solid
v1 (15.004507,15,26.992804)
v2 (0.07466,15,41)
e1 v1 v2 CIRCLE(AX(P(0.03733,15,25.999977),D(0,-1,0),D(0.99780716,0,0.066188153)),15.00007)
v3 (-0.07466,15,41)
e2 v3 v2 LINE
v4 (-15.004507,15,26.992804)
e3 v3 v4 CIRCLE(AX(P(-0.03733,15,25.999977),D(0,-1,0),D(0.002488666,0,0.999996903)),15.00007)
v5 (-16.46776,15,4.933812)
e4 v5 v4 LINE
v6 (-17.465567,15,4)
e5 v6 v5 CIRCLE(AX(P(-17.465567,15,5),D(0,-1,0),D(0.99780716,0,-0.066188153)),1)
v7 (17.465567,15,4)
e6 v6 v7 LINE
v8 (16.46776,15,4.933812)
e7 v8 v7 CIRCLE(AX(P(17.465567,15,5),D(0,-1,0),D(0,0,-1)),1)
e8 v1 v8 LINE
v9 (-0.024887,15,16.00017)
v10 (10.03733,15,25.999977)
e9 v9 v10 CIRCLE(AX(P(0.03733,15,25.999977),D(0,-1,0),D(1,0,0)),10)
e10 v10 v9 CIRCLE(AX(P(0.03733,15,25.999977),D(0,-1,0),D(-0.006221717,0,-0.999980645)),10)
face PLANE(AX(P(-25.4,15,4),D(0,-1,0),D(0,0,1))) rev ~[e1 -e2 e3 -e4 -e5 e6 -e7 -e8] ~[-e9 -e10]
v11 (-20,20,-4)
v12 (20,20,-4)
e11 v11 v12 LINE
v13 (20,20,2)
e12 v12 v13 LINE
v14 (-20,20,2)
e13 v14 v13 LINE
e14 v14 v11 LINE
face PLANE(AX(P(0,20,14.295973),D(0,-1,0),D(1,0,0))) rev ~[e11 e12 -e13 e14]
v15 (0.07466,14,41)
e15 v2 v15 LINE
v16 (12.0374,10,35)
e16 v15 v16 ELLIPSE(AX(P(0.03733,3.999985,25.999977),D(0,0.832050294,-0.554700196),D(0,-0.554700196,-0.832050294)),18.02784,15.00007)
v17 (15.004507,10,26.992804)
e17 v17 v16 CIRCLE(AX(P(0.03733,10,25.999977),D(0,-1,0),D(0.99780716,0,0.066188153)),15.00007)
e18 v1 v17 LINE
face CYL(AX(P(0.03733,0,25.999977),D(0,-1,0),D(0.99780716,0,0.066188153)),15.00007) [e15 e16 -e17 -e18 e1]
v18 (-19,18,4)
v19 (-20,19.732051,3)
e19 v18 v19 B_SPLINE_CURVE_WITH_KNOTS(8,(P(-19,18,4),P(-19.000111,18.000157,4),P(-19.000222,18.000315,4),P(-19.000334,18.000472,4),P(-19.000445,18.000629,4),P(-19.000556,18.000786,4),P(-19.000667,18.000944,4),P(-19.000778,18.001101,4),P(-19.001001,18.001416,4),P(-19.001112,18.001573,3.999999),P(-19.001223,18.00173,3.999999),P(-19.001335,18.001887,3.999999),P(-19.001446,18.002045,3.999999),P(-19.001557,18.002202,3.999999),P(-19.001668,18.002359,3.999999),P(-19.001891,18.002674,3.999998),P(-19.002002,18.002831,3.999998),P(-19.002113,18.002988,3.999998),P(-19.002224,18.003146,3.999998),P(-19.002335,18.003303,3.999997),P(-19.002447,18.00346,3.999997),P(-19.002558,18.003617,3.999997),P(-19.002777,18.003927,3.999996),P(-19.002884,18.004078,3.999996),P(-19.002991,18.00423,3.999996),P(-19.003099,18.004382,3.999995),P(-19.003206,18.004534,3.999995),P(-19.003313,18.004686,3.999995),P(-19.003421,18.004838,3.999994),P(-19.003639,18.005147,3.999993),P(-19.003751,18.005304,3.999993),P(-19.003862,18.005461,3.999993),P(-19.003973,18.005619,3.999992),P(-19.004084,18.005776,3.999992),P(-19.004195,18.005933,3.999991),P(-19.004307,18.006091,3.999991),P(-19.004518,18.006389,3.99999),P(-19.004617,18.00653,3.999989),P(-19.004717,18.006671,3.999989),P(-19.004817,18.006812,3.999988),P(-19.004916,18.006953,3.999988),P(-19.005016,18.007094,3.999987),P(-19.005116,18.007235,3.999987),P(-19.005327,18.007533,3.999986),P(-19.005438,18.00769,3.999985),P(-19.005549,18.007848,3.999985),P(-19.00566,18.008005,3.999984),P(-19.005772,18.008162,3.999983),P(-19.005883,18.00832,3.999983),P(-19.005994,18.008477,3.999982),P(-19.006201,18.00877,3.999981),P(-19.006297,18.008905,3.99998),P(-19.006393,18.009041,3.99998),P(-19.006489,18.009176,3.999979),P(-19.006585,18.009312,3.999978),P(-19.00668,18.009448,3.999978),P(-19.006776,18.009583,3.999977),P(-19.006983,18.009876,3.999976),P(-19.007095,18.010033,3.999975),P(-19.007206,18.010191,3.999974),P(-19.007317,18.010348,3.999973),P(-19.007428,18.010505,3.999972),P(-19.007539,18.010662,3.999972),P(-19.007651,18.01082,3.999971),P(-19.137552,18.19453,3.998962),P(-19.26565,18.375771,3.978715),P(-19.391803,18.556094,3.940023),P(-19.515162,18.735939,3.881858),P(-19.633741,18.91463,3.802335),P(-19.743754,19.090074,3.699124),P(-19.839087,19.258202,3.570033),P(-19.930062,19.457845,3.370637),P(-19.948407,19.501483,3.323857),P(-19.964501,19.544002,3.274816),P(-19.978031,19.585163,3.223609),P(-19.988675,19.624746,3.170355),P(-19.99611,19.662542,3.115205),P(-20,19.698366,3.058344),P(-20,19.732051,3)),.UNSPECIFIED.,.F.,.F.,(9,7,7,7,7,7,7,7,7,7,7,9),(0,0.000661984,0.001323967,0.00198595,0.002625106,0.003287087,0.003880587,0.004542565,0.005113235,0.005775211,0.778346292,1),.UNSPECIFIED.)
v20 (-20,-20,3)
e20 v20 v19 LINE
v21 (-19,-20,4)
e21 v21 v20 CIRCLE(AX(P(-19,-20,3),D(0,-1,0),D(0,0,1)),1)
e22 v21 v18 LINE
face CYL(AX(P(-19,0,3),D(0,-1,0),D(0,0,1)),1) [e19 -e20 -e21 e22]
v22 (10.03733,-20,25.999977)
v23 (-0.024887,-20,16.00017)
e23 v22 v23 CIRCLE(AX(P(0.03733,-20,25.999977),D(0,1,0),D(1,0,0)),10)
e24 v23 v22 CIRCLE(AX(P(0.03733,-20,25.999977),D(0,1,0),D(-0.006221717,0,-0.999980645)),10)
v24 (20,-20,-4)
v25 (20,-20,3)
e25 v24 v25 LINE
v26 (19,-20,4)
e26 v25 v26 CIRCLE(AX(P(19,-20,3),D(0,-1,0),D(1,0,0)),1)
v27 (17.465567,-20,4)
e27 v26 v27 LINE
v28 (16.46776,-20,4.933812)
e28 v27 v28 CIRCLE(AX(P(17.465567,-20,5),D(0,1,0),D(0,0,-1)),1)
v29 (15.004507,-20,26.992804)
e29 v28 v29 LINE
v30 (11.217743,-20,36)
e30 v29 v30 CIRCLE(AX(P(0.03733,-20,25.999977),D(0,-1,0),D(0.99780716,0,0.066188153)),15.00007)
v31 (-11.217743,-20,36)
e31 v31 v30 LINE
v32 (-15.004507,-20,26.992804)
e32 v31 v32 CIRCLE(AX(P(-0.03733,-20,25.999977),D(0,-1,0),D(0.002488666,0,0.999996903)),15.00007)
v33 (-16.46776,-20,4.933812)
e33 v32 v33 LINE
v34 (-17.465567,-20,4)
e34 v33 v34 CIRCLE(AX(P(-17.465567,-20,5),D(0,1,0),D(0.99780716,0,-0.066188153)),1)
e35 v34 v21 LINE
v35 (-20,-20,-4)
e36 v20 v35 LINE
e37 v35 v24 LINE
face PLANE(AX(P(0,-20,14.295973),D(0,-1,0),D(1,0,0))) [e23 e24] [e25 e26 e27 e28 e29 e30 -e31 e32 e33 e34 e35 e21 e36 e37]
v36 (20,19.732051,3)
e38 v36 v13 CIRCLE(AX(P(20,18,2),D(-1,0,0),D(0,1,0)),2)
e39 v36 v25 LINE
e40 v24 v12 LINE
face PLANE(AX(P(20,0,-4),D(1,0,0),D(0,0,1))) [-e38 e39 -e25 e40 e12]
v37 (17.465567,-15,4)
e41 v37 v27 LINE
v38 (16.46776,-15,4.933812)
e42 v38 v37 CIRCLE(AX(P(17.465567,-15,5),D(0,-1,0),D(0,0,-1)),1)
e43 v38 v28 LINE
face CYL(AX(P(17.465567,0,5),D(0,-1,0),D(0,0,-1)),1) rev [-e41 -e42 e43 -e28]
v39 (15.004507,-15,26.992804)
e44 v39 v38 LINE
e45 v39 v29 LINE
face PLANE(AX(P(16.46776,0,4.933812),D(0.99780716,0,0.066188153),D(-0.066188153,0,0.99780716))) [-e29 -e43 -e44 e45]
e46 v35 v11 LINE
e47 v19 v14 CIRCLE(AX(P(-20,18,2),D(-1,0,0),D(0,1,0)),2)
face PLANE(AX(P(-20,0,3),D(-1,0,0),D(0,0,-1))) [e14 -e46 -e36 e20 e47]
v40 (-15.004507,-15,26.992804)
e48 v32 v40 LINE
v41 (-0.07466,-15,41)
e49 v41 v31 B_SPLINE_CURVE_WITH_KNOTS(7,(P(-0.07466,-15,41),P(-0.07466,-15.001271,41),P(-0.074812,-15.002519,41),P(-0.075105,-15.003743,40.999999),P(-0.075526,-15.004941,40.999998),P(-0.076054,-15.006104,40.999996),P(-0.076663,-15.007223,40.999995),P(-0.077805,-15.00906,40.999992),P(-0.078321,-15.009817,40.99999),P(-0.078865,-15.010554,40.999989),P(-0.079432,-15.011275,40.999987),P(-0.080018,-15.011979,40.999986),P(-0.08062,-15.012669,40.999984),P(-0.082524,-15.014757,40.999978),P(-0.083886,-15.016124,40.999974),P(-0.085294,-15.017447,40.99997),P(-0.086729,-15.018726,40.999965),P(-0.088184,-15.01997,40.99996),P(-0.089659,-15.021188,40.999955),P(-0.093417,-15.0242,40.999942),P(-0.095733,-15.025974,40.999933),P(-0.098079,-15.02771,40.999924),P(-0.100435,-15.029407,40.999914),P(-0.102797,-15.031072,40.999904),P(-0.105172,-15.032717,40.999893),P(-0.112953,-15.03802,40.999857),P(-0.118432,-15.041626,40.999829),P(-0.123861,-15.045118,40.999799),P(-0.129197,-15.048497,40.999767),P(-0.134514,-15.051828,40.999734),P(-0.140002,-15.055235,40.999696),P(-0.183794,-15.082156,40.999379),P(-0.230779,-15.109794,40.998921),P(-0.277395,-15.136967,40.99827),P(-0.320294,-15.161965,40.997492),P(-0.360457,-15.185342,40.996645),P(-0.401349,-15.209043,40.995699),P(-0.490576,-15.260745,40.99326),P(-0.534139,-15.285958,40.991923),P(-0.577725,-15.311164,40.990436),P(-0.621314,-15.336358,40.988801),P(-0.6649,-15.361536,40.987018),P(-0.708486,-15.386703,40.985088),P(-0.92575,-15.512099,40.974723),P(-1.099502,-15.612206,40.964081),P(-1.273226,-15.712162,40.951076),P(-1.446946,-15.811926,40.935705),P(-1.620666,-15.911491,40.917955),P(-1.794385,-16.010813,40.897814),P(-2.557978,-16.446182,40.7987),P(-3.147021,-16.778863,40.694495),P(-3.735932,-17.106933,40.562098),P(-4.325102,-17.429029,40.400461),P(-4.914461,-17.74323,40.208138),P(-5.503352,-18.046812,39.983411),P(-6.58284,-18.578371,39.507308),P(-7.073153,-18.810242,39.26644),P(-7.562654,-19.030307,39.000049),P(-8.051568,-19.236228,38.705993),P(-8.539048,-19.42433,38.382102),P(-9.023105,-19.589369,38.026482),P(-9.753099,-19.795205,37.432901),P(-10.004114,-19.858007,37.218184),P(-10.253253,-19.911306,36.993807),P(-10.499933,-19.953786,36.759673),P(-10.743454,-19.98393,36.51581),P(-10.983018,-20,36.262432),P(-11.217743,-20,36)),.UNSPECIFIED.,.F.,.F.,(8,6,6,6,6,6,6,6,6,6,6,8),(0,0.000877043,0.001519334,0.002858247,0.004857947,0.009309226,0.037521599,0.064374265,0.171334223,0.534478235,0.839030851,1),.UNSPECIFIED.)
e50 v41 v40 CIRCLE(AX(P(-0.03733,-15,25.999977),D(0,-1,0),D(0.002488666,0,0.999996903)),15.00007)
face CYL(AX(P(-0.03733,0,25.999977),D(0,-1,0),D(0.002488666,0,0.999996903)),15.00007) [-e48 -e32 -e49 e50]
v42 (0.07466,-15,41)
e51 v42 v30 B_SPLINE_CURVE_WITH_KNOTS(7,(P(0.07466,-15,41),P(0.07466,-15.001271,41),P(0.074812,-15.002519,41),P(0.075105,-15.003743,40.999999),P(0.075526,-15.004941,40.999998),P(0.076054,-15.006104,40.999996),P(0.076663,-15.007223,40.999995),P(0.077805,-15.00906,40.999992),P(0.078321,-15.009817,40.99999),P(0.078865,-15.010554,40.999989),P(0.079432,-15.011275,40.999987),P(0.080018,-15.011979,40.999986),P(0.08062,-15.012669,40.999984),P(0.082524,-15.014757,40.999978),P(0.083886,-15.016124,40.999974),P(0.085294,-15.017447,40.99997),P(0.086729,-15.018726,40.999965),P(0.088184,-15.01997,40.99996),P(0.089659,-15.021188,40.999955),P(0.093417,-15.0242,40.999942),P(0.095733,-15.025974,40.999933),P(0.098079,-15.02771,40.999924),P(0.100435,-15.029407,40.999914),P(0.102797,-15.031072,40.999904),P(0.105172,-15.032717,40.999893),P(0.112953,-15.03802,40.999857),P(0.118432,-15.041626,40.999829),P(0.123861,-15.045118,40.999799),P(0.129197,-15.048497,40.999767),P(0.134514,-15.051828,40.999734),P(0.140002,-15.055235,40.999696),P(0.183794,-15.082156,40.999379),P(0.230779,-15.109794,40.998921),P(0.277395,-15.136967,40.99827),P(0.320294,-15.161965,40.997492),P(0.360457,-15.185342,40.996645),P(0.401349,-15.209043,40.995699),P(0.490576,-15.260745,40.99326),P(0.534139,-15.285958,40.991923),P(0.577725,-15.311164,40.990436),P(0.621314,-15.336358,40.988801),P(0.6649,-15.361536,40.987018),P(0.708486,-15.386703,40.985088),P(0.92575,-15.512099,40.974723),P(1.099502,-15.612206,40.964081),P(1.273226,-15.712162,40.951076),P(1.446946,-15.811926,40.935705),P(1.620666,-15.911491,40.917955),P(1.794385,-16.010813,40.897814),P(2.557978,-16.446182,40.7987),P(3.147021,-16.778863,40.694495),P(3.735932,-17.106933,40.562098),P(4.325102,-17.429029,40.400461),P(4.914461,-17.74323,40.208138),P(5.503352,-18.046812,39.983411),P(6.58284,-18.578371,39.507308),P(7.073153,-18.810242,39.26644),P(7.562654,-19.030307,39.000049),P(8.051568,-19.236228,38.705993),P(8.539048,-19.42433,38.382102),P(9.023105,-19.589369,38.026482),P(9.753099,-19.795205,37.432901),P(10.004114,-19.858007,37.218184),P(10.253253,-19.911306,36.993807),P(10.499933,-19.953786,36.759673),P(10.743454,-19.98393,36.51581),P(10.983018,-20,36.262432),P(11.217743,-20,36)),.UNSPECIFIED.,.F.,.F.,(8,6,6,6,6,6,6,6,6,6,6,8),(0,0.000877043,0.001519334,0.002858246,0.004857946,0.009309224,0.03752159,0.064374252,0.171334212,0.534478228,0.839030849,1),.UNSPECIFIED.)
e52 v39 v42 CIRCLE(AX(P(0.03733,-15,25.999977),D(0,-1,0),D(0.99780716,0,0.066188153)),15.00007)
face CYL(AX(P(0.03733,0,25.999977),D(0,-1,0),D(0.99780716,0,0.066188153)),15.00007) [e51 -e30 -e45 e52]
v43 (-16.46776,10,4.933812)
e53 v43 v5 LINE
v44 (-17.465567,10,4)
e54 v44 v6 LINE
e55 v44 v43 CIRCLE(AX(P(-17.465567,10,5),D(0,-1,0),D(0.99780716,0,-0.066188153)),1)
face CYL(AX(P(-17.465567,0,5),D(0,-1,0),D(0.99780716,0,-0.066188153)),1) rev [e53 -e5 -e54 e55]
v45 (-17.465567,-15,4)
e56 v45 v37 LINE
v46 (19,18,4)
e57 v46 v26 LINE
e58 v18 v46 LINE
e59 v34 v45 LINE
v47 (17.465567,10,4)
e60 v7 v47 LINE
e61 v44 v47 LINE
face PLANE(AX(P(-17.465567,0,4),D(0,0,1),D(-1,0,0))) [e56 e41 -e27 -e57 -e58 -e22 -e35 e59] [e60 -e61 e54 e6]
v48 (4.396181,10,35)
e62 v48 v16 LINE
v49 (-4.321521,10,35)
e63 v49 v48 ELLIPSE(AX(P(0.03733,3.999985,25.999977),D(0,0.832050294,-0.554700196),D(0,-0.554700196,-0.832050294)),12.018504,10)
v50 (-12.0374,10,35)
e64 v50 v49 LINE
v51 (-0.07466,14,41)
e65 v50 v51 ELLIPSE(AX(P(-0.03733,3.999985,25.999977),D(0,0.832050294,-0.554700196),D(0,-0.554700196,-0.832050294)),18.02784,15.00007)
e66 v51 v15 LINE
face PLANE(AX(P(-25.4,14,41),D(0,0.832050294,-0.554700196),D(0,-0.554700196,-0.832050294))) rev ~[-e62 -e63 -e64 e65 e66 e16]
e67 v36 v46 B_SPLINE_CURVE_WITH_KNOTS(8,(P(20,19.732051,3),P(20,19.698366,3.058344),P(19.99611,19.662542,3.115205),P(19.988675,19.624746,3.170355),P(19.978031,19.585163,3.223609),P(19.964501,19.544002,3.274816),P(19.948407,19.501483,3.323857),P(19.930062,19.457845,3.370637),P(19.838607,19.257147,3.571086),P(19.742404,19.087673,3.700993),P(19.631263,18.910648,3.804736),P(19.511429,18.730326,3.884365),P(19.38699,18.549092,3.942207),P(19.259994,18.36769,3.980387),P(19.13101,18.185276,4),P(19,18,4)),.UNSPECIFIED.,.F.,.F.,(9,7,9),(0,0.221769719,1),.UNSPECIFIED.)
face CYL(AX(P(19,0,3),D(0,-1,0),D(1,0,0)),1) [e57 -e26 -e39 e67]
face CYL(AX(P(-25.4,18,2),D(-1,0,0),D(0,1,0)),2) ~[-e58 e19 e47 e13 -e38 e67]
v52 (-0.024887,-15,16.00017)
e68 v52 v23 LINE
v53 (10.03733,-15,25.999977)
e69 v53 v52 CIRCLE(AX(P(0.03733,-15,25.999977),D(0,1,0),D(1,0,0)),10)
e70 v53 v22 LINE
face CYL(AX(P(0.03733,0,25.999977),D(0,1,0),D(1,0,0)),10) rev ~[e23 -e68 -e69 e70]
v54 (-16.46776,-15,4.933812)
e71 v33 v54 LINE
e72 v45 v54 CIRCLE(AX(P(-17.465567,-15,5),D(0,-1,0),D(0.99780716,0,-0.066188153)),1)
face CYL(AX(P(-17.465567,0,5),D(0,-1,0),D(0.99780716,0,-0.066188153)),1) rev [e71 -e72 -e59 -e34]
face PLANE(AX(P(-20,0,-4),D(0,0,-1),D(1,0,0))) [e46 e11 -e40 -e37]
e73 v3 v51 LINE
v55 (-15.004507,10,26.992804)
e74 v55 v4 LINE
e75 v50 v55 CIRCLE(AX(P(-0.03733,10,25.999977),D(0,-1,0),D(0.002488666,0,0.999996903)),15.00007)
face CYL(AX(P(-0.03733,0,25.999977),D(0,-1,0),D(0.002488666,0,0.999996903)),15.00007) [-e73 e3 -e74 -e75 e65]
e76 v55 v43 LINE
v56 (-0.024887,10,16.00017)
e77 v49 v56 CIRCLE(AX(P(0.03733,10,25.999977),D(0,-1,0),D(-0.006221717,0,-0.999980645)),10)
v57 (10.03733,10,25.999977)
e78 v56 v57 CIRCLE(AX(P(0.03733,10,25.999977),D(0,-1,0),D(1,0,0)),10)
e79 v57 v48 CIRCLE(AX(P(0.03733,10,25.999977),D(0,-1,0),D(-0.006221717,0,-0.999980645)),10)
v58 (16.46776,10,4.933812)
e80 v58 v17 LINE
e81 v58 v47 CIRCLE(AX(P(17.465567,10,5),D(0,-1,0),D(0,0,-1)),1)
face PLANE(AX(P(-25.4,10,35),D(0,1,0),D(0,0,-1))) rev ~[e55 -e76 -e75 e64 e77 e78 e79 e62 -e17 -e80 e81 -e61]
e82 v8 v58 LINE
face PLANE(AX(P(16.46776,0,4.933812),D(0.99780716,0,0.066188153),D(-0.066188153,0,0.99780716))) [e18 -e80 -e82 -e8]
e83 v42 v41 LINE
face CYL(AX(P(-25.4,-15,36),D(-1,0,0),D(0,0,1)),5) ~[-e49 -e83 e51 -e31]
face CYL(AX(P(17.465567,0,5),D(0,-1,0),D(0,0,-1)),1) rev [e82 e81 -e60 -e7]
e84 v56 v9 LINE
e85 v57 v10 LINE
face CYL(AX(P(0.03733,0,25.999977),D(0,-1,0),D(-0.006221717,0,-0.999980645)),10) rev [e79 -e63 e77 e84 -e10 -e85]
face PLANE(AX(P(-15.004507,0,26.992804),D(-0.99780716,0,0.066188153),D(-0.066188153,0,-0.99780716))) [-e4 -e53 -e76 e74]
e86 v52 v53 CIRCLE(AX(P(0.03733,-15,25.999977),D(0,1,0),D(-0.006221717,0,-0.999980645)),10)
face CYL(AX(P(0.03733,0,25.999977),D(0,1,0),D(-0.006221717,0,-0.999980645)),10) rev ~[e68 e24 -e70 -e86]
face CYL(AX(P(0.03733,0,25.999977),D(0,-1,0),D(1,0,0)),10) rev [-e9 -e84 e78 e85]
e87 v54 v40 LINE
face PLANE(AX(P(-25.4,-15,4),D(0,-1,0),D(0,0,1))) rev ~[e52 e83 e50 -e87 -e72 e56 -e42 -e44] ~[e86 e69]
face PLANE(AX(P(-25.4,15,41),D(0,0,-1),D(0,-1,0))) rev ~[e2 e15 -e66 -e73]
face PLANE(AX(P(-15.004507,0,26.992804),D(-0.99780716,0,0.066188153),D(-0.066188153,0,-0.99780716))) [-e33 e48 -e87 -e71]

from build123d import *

# Parameters (mm, degrees)
F2_DEPTH      = 20
F2_DEPTH_BACK = 20
F3_START      = -25.4
F3_DEPTH      = 59.436


with BuildPart() as f2:
    # F0 (on Front) → F2 (new body, two sides)
    with BuildSketch(Plane.XZ) as f2_sk:
        with BuildLine():
            Line((0, -4), (20, -4))
            Line((20, -4), (20, 3))
            ThreePointArc((20, 3), (19.7071067812, 3.7071067812), (19, 4))
            Line((19, 4), (17.4655668493, 4))
            ThreePointArc((17.4655668493, 4), (16.7822617025, 4.269867083), (16.4677596893, 4.9338118471))
            Line((16.4677596893, 4.9338118471), (15.0045070864, 26.9928036795))
            ThreePointArc((15.0045070864, 26.9928036795), (10.2733190387, 36.9647668796), (0, 41))
            ThreePointArc((0, 41), (-10.2733190387, 36.9647668796), (-15.0045070864, 26.9928036795))
            Line((-15.0045070864, 26.9928036795), (-16.4677596893, 4.9338118471))
            ThreePointArc((-16.4677596893, 4.9338118471), (-16.7822617025, 4.269867083), (-17.4655668493, 4))
            Line((-17.4655668493, 4), (-19, 4))
            ThreePointArc((-19, 4), (-19.7071067812, 3.7071067812), (-20, 3))
            Line((-20, 3), (-20, -4))
            Line((-20, -4), (0, -4))
        make_face()
        with BuildLine():
            ThreePointArc((10.0373301632, 25.9999767743), (7.0863665619, 18.90694598), (-0.0248870067, 16.000170325))
            ThreePointArc((-0.0248870067, 16.000170325), (-7.0117062355, 33.0930075686), (10.0373301632, 25.9999767743))
        make_face(mode=Mode.SUBTRACT)
    extrude(amount=F2_DEPTH)
    extrude(f2_sk.sketch, amount=-F2_DEPTH_BACK)

    # F1 (on Right) → F3 (intersect)
    with BuildSketch(Plane.YZ.offset(F3_START)):
        with BuildLine():
            ThreePointArc((20, 2), (19.4142135624, 3.4142135624), (18, 4))
            Line((18, 4), (15, 4))
            Line((15, 4), (14, 4))
            Line((14, 4), (10, 4))
            Line((10, 4), (-15, 4))
            Line((-15, 4), (-20, 4))
            Line((-20, 4), (-20, -4))
            Line((-20, -4), (20, -4))
            Line((20, -4), (20, 2))
        make_face()
        Polygon((14, 4), (15, 4), (15, 41), (14.5, 41), (14, 41), (10, 35), (10, 4), align=None)
        with BuildLine():
            Line((-20, 4), (-15, 4))
            Line((-15, 4), (-15, 41))
            ThreePointArc((-15, 41), (-18.5355339059, 39.5355339059), (-20, 36))
            Line((-20, 36), (-20, 4))
        make_face()
    extrude(amount=F3_DEPTH, mode=Mode.INTERSECT)


solid = f2.part
